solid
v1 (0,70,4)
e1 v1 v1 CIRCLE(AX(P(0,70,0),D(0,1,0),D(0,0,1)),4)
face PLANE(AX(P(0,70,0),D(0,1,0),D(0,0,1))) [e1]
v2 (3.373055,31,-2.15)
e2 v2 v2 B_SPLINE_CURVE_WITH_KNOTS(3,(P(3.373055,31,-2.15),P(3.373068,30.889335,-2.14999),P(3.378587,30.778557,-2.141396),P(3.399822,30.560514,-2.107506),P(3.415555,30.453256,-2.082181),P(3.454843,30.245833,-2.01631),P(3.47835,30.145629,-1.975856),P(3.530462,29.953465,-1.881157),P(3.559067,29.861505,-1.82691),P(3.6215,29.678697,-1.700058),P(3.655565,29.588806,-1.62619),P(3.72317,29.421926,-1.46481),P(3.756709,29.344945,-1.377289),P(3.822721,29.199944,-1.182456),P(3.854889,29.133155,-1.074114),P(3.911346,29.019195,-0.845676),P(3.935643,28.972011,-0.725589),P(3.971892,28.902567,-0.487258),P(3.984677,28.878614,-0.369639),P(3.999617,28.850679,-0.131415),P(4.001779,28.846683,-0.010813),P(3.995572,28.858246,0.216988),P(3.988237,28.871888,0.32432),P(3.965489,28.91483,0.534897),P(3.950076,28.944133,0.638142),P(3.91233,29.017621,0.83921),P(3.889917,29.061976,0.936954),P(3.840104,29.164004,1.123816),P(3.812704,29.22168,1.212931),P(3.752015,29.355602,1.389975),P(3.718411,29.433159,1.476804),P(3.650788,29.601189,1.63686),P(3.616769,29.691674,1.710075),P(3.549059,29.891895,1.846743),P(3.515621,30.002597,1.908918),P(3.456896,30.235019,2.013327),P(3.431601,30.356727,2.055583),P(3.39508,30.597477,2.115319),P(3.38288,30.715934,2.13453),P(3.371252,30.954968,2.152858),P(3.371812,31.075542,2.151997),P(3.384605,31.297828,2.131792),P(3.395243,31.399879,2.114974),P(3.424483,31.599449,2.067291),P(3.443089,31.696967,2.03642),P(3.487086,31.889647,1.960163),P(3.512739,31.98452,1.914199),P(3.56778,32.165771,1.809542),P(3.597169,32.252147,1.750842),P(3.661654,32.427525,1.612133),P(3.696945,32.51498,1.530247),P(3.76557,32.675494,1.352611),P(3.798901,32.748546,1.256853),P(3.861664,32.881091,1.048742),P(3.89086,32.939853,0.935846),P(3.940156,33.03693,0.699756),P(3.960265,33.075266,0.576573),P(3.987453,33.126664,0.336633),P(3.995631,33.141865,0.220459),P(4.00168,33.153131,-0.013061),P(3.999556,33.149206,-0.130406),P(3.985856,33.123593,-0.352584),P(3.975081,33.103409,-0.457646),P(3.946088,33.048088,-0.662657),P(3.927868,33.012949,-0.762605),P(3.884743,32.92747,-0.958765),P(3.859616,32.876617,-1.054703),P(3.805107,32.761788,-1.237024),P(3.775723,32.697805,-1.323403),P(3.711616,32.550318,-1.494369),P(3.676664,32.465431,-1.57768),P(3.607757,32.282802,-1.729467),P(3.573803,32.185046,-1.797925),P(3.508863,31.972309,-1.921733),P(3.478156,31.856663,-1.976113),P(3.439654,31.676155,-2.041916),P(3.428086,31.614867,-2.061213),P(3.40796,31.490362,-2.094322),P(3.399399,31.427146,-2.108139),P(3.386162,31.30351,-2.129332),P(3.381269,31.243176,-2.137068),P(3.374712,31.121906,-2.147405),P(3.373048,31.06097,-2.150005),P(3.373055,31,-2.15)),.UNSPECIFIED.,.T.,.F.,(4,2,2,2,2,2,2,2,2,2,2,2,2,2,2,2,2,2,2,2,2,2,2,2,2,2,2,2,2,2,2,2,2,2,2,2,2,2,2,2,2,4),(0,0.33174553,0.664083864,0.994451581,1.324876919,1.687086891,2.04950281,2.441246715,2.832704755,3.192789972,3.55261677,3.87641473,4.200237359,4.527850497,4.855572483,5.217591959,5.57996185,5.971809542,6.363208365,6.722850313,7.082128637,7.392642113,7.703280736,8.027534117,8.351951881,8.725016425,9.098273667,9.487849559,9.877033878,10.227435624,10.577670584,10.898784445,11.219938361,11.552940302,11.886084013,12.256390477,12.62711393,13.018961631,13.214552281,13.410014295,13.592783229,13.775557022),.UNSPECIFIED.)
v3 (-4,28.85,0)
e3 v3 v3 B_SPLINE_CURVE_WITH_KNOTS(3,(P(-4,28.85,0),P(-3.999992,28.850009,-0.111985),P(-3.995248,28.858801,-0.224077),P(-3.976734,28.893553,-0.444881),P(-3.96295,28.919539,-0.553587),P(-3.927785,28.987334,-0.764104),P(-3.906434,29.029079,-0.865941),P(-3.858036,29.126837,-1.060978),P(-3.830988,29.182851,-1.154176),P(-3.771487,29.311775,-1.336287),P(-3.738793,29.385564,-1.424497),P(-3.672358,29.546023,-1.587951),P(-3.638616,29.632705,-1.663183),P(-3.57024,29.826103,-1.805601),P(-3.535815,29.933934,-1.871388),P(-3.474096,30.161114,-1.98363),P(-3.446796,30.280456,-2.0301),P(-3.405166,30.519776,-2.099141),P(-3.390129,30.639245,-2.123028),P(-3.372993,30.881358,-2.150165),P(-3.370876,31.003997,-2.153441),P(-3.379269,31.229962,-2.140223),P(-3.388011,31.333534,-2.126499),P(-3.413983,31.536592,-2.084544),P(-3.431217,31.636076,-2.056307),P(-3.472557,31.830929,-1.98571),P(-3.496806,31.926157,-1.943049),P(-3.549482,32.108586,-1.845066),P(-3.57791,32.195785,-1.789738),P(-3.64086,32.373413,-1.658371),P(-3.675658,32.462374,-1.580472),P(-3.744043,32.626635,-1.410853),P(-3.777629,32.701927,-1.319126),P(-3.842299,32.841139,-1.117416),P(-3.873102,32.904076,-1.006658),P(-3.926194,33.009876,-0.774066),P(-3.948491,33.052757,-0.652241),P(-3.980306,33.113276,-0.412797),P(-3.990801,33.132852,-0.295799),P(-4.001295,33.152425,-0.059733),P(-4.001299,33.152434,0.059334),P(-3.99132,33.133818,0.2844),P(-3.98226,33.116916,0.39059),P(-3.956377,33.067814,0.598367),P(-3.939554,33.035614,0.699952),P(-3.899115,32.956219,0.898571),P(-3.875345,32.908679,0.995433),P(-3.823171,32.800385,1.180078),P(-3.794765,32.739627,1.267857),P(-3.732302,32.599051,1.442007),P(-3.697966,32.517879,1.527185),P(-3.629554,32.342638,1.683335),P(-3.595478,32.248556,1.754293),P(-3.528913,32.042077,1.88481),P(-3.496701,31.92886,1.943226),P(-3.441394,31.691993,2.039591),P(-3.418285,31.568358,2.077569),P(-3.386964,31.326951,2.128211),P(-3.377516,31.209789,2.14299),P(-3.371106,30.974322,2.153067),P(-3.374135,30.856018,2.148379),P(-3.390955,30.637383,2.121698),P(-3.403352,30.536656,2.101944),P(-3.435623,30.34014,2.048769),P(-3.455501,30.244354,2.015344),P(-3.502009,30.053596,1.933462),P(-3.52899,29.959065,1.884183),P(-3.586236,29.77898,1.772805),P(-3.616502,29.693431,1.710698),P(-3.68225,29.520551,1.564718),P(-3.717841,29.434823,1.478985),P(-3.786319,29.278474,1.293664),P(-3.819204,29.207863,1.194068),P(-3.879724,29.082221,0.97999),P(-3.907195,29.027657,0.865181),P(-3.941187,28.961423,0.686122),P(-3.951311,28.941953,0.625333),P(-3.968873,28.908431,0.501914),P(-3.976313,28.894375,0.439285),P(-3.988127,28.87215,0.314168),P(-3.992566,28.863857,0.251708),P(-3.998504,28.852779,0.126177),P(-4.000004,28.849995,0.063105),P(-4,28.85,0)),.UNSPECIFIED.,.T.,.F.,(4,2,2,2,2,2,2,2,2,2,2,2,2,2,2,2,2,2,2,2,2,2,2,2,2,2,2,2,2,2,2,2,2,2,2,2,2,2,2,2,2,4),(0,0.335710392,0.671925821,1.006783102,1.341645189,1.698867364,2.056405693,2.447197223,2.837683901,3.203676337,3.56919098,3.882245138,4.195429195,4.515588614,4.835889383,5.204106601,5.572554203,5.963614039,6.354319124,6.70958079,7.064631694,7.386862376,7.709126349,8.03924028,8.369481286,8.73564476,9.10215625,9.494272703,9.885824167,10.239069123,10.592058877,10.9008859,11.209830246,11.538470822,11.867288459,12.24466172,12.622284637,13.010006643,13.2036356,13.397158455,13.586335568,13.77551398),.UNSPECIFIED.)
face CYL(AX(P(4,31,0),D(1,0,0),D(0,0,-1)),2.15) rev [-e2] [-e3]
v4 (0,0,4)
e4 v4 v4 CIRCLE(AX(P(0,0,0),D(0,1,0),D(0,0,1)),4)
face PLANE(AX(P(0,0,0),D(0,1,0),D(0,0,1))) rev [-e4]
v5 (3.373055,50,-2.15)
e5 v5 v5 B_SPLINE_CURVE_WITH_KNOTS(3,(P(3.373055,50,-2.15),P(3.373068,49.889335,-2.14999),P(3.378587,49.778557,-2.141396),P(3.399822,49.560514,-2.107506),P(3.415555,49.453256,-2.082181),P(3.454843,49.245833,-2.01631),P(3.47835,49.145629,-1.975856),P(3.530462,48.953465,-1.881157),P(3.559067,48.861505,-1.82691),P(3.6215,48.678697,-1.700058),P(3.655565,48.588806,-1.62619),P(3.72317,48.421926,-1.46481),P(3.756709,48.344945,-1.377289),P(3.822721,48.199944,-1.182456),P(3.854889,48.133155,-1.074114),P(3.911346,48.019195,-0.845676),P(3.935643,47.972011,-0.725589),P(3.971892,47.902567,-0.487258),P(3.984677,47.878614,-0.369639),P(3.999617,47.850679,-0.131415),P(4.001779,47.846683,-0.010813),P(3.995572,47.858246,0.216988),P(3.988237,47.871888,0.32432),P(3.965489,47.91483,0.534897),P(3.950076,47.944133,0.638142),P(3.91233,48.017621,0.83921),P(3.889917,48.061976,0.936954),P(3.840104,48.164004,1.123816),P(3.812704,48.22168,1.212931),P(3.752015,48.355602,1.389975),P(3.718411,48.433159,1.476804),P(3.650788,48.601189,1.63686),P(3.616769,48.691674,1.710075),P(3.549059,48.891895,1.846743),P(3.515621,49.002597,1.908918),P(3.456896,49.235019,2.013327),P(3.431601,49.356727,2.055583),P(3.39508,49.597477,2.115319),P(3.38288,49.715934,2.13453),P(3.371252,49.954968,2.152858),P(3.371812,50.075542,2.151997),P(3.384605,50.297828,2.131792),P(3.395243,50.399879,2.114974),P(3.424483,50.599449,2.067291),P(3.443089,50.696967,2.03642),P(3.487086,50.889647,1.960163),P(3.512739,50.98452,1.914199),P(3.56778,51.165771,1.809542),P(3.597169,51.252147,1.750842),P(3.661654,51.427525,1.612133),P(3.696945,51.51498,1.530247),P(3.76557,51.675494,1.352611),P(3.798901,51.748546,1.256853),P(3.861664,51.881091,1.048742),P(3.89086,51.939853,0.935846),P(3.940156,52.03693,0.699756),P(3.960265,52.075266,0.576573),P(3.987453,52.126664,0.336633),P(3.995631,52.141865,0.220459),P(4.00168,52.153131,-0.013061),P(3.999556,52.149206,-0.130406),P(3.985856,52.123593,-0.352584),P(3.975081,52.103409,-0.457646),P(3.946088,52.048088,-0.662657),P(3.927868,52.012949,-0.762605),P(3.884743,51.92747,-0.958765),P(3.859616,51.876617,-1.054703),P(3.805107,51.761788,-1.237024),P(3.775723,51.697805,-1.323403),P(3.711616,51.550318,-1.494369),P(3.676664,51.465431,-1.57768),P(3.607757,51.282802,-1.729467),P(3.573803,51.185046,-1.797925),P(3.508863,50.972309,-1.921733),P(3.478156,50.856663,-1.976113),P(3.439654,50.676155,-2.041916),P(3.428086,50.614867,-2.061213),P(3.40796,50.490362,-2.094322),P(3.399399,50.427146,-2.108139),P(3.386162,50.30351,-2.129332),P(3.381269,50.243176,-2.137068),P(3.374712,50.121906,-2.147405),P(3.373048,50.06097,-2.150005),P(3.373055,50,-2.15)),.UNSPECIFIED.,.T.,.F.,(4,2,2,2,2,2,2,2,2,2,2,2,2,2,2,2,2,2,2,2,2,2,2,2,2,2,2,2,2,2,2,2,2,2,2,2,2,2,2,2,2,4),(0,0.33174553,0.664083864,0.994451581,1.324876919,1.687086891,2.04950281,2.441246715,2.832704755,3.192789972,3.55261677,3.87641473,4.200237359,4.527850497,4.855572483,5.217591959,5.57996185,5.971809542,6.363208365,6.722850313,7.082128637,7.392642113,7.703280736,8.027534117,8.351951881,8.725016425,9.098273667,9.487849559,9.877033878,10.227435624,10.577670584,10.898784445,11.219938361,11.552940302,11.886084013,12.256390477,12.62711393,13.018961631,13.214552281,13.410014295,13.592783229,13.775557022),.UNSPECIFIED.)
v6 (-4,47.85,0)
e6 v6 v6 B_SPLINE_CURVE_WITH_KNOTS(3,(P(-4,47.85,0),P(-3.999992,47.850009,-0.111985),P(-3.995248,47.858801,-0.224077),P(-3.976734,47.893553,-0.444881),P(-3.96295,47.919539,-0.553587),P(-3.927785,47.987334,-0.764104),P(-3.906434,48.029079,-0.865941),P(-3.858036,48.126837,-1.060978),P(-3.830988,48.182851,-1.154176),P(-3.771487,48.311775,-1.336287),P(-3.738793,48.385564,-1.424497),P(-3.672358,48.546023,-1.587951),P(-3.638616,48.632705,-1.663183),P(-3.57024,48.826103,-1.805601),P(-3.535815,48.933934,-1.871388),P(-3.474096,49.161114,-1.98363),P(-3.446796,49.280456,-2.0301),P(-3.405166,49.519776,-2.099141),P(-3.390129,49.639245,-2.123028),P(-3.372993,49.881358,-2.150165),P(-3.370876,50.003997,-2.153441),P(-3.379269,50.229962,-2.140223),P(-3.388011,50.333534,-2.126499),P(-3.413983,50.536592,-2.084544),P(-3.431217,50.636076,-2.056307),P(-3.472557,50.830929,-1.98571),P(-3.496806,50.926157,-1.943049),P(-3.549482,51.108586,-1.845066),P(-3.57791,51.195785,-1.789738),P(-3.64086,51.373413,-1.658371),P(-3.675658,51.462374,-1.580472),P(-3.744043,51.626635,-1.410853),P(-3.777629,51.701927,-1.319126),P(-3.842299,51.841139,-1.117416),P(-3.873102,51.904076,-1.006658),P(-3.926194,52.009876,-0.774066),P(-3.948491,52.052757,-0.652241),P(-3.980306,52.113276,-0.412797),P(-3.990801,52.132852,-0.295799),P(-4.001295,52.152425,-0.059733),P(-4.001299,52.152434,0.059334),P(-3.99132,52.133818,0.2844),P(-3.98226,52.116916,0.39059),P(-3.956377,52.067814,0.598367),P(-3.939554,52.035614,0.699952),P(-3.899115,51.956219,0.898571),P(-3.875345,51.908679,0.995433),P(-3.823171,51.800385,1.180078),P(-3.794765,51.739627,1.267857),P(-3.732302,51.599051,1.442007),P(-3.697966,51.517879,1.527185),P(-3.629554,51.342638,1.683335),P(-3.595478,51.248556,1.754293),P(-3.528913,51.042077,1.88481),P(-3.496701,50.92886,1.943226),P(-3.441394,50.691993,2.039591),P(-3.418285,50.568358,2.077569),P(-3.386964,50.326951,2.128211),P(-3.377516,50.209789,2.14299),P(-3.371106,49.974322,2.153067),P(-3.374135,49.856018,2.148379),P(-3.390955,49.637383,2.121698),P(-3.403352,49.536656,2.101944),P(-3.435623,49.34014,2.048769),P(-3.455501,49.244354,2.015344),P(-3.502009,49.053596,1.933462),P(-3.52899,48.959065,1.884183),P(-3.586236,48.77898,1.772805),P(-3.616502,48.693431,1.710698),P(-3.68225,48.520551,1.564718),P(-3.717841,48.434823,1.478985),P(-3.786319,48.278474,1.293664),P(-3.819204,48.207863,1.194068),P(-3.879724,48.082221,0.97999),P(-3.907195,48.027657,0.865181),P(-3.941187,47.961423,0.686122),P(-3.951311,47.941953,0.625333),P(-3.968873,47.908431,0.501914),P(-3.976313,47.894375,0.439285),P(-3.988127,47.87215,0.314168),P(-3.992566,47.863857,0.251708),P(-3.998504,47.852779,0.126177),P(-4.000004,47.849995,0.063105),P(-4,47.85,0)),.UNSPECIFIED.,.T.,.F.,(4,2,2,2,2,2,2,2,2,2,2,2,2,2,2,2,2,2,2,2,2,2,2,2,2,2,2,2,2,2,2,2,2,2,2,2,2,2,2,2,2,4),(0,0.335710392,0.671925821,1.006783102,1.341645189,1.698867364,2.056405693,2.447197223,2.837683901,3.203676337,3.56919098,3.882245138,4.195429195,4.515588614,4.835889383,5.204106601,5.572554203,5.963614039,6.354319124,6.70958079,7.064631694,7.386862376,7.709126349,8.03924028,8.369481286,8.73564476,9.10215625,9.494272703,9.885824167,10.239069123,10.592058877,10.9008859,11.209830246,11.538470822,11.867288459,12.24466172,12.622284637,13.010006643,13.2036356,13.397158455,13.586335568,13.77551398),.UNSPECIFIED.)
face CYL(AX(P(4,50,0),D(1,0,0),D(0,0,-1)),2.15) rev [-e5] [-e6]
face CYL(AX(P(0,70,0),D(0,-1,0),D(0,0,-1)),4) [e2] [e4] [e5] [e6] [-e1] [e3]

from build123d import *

# Parameters (mm, degrees)
SKETCH1_R            = 4
BOSS_EXTRUDE1_DEPTH  = 70
M4_CLEARANCE_HOLE1_D = 4.3


with BuildPart() as part:
    # Sketch1 → Boss-Extrude1 (new body)
    with BuildSketch(Plane(origin=(0, 0, 0), x_dir=(1, 0, 0), z_dir=(0, 1, 0))):
        with Locations(Location((0, 0, 0), (0, 0, 270))):
            Circle(SKETCH1_R)
    extrude(amount=BOSS_EXTRUDE1_DEPTH)

    # M4 Clearance Hole1 (through all)
    with Locations(Plane(origin=(4, 0, 0), x_dir=(0, 0, -1), z_dir=(1, 0, 0))):
        with Locations((0, 50), (0, 31)):
            Hole(M4_CLEARANCE_HOLE1_D / 2)


solid = part.part
